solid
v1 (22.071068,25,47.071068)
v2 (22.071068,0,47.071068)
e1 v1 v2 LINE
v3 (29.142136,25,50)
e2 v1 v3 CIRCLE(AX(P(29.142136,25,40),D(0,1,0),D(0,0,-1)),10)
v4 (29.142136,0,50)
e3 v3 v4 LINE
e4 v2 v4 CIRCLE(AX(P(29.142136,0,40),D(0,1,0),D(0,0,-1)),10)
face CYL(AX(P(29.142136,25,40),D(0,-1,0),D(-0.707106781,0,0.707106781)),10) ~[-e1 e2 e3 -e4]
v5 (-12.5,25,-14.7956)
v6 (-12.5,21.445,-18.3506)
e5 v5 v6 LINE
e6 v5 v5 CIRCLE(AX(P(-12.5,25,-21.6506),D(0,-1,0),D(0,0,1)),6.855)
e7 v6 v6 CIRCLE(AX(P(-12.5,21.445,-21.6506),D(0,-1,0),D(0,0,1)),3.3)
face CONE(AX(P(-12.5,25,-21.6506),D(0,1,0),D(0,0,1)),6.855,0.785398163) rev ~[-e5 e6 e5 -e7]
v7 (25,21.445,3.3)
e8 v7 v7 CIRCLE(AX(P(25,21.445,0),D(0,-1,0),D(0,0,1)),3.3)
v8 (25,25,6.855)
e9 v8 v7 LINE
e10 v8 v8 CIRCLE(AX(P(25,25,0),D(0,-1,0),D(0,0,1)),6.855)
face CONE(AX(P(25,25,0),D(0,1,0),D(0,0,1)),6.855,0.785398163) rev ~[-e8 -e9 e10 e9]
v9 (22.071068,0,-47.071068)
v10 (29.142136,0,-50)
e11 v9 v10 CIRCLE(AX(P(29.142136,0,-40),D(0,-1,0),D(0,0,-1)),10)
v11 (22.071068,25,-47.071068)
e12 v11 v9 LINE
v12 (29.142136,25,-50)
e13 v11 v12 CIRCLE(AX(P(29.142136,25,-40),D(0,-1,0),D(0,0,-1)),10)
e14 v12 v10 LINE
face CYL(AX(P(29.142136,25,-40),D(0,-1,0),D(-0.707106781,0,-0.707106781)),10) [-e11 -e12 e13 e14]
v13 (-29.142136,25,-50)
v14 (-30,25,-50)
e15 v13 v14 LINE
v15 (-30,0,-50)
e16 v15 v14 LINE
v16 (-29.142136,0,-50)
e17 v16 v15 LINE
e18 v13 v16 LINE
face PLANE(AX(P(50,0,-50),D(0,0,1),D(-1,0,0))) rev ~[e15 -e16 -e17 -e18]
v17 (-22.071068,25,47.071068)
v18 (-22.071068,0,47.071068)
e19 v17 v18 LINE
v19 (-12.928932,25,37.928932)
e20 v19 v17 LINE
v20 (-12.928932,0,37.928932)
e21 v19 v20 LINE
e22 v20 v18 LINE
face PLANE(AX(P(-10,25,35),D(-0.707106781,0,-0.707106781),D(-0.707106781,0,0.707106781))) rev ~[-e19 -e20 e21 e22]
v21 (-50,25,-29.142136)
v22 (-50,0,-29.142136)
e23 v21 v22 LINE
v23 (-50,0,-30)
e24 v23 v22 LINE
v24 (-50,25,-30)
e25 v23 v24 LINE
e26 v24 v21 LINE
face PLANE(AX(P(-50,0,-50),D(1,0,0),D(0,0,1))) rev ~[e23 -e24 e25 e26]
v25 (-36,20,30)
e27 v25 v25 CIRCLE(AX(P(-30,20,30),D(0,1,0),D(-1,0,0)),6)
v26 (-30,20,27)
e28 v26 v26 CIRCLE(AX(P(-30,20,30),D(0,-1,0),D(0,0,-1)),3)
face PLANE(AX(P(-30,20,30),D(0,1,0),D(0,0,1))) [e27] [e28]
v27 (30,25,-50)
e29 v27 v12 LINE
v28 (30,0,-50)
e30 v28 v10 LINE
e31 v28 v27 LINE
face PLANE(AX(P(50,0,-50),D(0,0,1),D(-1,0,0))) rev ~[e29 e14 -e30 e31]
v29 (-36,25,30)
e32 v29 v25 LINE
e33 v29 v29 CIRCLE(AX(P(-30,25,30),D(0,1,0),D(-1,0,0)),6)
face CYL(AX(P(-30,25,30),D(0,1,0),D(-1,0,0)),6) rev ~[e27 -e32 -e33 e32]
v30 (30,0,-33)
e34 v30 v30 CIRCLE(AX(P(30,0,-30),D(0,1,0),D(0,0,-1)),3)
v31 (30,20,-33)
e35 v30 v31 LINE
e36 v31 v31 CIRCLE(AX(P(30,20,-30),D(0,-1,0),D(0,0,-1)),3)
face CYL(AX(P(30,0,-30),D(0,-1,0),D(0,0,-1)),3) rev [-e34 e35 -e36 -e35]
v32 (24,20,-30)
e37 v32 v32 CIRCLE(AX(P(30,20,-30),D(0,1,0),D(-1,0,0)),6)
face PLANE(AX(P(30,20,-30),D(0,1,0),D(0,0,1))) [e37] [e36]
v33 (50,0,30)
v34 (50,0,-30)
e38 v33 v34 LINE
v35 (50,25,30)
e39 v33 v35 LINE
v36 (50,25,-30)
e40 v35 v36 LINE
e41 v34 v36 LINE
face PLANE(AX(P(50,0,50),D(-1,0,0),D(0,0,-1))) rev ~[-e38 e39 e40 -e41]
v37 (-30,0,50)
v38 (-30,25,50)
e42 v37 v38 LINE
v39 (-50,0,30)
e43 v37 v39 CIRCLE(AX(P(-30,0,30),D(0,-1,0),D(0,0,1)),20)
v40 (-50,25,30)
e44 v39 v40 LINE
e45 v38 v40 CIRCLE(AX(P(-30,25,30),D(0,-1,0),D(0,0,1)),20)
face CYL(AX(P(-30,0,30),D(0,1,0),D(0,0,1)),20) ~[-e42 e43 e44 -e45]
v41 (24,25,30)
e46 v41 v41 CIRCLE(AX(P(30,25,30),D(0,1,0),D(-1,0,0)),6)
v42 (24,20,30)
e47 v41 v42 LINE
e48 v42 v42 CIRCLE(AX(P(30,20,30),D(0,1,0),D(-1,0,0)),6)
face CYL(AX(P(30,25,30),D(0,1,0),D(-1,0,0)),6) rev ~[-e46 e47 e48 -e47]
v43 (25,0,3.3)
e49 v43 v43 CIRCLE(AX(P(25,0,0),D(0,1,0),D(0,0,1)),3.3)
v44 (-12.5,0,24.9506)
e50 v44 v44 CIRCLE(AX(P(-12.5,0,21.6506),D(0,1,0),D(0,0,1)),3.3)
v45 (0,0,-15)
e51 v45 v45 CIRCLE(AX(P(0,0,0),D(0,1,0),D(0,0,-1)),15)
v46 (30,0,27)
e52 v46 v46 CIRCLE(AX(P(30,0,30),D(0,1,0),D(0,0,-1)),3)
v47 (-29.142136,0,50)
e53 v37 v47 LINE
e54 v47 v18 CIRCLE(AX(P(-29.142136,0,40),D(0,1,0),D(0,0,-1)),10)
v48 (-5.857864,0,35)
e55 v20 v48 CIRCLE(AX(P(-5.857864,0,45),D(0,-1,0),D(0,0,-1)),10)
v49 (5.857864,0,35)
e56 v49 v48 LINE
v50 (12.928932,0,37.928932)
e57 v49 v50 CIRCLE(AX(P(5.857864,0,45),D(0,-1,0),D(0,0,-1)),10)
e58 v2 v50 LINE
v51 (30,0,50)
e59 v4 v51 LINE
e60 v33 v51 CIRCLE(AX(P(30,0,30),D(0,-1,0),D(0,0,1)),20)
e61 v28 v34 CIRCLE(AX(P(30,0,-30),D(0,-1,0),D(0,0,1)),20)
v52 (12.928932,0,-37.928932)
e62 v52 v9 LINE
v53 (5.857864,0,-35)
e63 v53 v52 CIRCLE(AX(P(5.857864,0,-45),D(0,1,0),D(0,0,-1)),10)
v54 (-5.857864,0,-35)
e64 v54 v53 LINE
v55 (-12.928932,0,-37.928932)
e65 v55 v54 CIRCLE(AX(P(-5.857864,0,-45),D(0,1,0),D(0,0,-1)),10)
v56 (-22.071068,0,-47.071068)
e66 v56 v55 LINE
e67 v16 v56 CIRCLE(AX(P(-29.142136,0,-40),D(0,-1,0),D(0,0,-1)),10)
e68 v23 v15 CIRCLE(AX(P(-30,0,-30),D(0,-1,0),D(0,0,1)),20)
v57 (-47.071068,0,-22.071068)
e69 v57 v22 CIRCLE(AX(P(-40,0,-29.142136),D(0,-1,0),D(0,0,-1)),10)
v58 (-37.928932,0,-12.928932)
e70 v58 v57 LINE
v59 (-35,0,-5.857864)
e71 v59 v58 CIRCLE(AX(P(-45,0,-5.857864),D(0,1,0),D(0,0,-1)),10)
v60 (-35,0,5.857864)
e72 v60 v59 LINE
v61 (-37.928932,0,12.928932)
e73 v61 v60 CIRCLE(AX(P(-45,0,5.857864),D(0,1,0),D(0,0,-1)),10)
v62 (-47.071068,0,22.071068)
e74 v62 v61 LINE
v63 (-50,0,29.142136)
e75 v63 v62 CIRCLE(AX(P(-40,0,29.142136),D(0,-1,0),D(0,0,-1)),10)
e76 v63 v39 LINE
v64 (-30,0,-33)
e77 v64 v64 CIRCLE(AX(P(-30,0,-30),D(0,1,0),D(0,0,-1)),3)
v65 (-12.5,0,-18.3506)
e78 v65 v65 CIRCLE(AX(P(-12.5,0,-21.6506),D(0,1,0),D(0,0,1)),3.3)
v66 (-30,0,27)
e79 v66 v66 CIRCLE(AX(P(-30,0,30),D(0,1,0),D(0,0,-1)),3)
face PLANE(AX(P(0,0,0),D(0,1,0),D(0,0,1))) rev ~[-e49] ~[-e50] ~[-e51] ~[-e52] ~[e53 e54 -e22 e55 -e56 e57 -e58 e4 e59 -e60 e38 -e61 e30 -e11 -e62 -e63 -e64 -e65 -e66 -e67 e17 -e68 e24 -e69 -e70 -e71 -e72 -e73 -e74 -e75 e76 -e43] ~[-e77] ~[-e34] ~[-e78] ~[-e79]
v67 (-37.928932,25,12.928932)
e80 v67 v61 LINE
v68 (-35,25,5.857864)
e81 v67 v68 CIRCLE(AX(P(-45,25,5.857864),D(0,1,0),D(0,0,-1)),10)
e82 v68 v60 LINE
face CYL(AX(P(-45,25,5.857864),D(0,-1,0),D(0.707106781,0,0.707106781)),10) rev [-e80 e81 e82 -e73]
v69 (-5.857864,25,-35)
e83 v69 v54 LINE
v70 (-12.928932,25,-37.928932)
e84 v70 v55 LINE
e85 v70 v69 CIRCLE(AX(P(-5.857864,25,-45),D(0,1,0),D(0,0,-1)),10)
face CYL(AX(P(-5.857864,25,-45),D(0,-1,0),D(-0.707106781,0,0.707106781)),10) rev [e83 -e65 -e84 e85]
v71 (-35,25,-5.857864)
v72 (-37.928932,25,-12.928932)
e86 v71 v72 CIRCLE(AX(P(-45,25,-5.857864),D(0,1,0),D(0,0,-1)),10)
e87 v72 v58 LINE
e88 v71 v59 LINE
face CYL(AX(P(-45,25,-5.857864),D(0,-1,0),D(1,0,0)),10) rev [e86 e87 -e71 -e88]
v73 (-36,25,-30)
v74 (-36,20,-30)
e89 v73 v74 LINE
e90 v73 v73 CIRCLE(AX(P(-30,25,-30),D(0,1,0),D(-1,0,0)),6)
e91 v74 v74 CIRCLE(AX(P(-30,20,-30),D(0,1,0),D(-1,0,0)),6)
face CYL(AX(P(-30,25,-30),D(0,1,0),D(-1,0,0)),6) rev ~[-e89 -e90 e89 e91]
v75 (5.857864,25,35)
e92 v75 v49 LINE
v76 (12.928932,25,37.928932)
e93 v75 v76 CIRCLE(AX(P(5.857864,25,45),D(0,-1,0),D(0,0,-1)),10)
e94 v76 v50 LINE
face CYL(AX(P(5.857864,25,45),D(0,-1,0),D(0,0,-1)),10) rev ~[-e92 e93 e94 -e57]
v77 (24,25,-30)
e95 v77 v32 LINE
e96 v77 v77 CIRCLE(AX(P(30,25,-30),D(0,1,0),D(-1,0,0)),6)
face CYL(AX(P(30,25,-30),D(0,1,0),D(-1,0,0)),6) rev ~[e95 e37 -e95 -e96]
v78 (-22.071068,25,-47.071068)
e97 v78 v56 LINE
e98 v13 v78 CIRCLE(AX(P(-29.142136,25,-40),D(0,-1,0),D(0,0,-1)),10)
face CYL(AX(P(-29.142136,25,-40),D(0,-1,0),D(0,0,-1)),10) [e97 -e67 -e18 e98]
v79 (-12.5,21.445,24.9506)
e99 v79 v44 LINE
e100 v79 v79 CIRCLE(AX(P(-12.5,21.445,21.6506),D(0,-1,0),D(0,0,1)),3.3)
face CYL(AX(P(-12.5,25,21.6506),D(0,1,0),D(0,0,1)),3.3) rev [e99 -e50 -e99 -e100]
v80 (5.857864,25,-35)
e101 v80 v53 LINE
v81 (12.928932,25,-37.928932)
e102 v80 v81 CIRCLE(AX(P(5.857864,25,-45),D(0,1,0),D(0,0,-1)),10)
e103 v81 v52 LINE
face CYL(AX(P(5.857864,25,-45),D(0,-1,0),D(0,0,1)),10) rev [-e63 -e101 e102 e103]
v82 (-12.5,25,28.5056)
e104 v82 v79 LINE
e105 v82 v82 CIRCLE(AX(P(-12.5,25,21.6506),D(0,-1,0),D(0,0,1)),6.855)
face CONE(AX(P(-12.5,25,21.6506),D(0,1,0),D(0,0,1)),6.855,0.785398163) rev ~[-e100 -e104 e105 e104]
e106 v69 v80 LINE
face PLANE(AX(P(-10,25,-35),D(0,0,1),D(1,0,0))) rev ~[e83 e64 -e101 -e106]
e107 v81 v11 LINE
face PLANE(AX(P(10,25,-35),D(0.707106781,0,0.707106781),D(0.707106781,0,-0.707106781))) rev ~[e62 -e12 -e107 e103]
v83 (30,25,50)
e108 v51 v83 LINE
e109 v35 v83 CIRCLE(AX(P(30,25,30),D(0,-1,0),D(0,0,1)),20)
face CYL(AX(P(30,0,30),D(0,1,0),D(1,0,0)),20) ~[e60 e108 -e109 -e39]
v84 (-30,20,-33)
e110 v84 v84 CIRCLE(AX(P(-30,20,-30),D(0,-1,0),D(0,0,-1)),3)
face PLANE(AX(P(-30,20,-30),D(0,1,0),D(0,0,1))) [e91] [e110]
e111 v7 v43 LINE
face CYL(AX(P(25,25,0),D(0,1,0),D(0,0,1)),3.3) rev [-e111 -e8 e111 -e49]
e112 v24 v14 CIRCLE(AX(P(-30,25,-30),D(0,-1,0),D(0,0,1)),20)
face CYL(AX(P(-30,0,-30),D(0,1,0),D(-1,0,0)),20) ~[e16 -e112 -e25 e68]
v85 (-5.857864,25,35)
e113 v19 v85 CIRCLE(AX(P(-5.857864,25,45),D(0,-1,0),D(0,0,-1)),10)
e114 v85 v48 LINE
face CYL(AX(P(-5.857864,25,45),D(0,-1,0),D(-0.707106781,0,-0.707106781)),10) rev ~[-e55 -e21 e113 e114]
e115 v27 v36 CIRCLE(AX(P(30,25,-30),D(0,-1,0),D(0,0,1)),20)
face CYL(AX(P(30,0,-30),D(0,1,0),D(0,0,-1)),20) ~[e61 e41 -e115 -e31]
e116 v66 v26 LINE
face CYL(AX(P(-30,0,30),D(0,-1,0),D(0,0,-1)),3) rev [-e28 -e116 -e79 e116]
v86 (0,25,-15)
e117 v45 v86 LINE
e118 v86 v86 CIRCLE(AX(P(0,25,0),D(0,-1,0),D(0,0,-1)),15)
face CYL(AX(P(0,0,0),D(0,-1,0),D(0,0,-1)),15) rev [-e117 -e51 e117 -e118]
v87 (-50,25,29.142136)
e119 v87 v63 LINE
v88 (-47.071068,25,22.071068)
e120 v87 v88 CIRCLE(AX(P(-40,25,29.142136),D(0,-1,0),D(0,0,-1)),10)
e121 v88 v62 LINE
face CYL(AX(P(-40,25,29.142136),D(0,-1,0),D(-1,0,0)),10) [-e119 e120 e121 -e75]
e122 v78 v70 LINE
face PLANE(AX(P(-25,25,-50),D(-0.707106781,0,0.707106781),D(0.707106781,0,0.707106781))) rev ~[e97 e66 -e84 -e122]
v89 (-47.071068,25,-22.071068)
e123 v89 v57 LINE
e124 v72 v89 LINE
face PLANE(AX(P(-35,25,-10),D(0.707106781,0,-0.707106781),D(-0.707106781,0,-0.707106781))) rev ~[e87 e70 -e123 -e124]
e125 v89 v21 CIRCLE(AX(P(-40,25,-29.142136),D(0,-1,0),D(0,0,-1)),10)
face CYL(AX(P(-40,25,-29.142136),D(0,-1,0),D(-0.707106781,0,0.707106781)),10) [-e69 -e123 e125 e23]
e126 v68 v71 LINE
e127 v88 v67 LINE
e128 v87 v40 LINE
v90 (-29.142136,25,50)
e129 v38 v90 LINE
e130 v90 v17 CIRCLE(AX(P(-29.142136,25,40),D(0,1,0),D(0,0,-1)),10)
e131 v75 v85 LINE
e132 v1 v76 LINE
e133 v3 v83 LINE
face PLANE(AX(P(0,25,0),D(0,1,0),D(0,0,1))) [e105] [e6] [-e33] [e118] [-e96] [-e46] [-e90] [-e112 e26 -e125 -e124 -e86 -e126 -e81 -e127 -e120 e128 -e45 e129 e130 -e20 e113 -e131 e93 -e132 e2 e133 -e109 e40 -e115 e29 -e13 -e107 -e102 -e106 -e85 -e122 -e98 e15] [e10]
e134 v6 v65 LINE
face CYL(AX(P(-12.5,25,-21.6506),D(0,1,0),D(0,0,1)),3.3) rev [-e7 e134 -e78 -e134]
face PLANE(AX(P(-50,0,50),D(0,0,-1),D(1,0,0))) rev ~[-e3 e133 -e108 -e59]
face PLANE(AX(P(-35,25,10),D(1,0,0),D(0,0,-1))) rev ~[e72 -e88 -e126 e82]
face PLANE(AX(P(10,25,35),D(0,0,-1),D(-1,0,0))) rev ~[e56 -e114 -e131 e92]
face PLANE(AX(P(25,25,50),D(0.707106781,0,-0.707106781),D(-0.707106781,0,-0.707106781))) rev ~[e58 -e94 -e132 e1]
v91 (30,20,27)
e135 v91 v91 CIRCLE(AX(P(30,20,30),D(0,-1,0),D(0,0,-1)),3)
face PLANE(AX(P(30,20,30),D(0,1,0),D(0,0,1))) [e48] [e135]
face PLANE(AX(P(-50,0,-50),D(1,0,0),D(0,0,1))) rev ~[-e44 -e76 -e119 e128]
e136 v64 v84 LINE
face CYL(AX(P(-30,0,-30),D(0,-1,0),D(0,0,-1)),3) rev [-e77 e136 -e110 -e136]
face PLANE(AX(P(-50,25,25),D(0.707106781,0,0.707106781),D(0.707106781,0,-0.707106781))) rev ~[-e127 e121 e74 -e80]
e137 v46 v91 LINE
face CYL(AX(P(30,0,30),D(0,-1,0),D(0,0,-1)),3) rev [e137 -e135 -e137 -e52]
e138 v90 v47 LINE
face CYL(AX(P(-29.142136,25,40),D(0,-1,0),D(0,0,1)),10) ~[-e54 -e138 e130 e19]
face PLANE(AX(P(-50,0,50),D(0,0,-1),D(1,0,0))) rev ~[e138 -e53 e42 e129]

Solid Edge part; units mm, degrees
sketch "Sketch1" plane through (0, 0, 0) normal (0, -1, 0) x (1, 0, 0)
  line L0 (-50, 50) -> (50, 50)
  line L1 (50, 50) -> (50, -50)
  line L2 (50, -50) -> (-50, -50)
  line L3 (-50, -50) -> (-50, 50)
  dimension "D1" = 100
  dimension "D2" = 100
extrude "Protrusion1" add sketch "Sketch1" against normal blind 25
hole "Bohrung_1" at (0, 0, 0) direction (0, 1, 0) diameter 30 end up to next
hole "Bohrung_2" at (-30, 0, 30) direction (0, 1, 0) diameter 6 end up to next
hole "Hole1" at (30, 0, 30) direction (0, 1, 0) diameter 6 end up to next
hole "Hole2" at (30, 0, -30) direction (0, 1, 0) diameter 6 end up to next
hole "Hole3" at (-30, 0, -30) direction (0, 1, 0) diameter 6 end up to next
hole "Bohrung_6" at (25, 25, 0) direction (0, -1, 0) diameter 6.6 end up to next countersink diameter 13.71 countersink angle 90
hole "Hole4" at (-12.5, 25, 21.6506) direction (0, -1, 0) diameter 6.6 end up to next countersink diameter 13.71 countersink angle 90
hole "Hole5" at (-12.5, 25, -21.6506) direction (0, -1, 0) diameter 6.6 end up to next countersink diameter 13.71 countersink angle 90
sketch "Sketch2" plane through (0, 25, 0) normal (0, 1, 0) x (-1, 0, 0)
  circle A0 centre (-30, 30) radius 6
  circle A1 centre (30, 30) radius 6
  circle A2 centre (30, -30) radius 6
  circle A3 centre (-30, -30) radius 6
  dimension "D1" = 12
extrude "Extrusionsausschnitt_2" cut sketch "Sketch2" against normal blind 5
sketch "Sketch3" plane through (0, 25, 0) normal (0, 1, 0) x (-1, 0, 0)
  line L0 (-25, 50) -> (-10, 35)
  line L1 (-10, 35) -> (10, 35)
  line L2 (10, 35) -> (25, 50)
  line L3 (25, 50) -> (-25, 50)
  line L4 (50, 25) -> (35, 10)
  line L5 (35, 10) -> (35, -10)
  line L6 (35, -10) -> (50, -25)
  line L7 (50, 25) -> (50, -25)
  line L8 (25, -50) -> (10, -35)
  line L9 (10, -35) -> (-10, -35)
  line L10 (-10, -35) -> (-25, -50)
  line L11 (-25, -50) -> (25, -50)
extrude "Extrusionsausschnitt_3" cut sketch "Sketch3" against normal blind 2384.1506
fillet "Verrundung_1" radius 20 4 edges at (50, 12.5, 50) (-50, 12.5, 50) (-50, 12.5, -50) (50, 12.5, -50)
fillet "Verrundung_2" radius 10 12 edges at (-10, 12.5, 35) (10, 12.5, 35) (-25, 12.5, 50) (25, 12.5, 50) (-50, 12.5, 25) (-35, 12.5, 10) (-35, 12.5, -10) (-50, 12.5, -25) (-25, 12.5, -50) (-10, 12.5, -35) (10, 12.5, -35) (25, 12.5, -50)
